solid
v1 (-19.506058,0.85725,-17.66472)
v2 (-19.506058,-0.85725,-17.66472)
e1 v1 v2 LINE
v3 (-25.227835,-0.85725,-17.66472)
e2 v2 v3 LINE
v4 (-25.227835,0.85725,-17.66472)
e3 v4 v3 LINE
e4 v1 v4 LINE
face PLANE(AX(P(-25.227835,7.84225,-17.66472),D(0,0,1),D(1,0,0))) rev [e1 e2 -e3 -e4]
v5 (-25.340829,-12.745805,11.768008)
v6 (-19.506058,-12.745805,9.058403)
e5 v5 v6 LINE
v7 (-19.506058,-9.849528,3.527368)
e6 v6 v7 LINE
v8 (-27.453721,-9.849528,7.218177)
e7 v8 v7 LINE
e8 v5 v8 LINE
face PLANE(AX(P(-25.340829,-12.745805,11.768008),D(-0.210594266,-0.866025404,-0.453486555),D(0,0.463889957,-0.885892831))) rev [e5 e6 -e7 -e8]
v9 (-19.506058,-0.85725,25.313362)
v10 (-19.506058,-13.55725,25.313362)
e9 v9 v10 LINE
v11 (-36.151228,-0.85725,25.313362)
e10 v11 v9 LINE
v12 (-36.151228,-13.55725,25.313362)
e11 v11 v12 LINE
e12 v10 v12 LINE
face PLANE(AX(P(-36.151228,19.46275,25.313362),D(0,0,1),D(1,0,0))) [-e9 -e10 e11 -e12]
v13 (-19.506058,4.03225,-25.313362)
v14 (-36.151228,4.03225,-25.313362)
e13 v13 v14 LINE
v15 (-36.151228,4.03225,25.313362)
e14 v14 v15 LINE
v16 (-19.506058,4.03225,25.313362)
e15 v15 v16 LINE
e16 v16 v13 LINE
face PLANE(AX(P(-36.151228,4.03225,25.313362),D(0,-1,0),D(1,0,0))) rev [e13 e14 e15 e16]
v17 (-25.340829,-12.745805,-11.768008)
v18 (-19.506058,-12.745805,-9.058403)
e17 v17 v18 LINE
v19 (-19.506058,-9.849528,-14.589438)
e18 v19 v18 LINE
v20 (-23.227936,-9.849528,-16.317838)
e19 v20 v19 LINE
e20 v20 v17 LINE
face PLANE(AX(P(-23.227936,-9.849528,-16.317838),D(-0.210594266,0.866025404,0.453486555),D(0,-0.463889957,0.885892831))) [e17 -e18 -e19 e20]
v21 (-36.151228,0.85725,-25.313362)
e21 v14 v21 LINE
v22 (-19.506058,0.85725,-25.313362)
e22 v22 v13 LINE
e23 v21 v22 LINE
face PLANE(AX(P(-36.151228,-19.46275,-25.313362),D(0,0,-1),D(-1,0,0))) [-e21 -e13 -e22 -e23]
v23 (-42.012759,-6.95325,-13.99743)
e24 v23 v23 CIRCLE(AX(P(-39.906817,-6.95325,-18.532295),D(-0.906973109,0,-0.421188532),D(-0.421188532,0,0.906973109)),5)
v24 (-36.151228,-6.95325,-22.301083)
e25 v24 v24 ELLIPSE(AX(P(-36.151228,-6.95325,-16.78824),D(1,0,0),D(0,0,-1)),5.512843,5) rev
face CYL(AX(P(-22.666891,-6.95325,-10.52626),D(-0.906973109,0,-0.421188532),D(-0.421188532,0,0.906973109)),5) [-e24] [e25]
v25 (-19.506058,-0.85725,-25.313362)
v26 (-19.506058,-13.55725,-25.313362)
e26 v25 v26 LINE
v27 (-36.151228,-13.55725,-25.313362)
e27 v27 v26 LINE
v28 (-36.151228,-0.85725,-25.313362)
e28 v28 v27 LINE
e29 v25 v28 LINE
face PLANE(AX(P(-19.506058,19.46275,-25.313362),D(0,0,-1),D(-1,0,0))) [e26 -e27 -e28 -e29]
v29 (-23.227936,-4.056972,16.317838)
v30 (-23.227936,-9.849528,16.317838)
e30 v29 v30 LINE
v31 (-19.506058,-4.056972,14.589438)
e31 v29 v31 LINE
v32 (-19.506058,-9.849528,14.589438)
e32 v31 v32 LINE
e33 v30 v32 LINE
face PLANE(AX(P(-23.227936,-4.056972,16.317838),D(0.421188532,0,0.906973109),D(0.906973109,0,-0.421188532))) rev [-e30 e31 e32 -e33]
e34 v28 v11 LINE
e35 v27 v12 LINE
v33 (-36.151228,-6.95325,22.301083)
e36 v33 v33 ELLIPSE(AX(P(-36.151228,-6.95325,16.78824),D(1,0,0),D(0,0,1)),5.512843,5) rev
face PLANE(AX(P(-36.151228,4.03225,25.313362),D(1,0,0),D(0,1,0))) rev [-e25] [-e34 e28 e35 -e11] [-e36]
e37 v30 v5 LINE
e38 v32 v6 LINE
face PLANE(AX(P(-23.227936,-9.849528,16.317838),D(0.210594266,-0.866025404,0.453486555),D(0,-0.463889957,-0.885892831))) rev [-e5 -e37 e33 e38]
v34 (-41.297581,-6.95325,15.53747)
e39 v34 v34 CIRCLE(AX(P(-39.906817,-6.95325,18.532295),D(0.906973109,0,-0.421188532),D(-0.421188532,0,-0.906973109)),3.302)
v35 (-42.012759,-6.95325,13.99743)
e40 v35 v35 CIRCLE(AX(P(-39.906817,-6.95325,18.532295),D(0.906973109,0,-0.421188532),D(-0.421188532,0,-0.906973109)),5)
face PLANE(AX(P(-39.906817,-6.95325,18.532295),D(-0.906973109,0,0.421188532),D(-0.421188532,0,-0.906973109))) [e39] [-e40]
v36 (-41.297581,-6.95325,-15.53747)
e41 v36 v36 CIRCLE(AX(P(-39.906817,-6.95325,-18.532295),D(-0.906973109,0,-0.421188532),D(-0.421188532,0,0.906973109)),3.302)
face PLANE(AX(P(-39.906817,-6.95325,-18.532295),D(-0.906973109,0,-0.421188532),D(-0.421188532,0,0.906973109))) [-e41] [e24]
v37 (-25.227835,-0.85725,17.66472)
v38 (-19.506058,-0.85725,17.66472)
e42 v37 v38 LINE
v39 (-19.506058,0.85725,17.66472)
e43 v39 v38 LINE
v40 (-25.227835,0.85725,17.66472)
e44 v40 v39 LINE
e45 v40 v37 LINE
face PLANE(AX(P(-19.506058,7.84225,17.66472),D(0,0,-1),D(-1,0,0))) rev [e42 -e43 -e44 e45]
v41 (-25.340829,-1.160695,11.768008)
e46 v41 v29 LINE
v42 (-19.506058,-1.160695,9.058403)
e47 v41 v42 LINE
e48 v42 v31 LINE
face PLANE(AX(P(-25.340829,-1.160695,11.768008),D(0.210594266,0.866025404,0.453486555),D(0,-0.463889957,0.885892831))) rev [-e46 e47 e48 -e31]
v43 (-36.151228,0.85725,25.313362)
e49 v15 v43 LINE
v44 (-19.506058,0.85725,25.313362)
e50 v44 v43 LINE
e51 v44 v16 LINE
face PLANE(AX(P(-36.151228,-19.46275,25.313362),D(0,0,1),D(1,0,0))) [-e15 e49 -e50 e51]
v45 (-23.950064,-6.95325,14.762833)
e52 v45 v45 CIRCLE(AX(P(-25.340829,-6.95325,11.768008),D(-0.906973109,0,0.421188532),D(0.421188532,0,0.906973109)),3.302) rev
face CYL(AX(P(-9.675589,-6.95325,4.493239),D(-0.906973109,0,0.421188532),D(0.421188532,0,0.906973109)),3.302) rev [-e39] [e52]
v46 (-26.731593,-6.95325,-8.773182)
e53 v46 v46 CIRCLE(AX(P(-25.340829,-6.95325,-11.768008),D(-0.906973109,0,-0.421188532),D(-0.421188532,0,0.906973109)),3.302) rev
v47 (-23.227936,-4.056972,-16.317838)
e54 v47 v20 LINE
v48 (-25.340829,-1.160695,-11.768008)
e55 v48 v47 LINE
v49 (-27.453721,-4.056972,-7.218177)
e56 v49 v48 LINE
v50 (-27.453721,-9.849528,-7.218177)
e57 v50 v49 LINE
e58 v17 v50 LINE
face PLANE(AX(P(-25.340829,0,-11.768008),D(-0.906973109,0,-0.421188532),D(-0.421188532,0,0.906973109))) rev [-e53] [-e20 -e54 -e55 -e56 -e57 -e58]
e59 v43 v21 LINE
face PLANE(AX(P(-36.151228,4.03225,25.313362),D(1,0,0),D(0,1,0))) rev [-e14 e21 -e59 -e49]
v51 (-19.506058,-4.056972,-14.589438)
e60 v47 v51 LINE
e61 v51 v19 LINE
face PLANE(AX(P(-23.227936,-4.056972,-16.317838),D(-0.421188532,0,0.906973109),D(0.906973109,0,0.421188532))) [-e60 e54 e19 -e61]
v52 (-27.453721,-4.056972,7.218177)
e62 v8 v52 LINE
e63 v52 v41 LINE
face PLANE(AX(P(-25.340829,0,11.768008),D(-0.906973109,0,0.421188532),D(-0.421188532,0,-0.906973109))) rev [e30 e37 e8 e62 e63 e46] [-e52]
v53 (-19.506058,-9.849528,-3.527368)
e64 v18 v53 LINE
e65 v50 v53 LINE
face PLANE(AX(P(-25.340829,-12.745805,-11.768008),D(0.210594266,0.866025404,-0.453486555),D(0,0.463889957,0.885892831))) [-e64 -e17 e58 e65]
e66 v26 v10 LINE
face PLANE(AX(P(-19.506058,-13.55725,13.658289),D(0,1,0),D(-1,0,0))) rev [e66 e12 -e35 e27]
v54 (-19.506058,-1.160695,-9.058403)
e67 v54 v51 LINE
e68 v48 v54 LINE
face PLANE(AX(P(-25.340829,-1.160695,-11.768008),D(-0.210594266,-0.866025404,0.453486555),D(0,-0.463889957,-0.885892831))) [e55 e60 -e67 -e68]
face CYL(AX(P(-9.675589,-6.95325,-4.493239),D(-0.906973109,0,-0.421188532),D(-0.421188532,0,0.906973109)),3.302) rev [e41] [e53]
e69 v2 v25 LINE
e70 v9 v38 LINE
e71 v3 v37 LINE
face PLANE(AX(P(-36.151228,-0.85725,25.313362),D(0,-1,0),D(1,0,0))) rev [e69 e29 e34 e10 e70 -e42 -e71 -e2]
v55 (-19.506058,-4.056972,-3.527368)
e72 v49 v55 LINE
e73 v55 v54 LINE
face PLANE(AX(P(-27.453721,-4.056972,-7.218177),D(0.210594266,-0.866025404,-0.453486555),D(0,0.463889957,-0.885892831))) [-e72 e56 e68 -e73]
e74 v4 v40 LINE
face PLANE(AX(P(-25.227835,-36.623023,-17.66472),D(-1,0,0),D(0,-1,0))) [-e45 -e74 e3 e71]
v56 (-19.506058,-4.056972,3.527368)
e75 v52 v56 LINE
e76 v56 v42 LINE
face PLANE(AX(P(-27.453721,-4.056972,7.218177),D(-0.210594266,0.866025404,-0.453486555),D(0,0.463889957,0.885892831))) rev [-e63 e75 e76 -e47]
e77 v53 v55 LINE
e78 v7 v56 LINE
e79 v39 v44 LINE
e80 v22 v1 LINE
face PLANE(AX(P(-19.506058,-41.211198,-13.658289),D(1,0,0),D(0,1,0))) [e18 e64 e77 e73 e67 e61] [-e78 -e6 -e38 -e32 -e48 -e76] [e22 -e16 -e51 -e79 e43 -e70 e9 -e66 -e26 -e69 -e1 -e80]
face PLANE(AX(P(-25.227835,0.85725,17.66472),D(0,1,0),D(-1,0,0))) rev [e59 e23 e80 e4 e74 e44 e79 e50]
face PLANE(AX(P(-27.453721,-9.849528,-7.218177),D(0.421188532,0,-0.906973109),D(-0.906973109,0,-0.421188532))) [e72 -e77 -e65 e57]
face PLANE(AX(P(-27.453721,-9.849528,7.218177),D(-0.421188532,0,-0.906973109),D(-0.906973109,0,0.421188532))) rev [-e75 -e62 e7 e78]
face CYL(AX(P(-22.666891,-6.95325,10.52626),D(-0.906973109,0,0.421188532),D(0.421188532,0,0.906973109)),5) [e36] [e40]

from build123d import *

# Parameters (mm, degrees)
REVOLVE1_ANGLE       = 70
BOSS_EXTRUDE1_START  = -17.5895
BOSS_EXTRUDE1_DEPTH  = 17.5895
BOSS_EXTRUDE2_DEPTH  = 3.175
BOSS_EXTRUDE3_DEPTH  = 12.7
CUT_SWEEP1_PROFILE_R = 3.302
CUT_EXTRUDE7_DEPTH   = 27.94
BOSS_EXTRUDE4_REACH  = 54.438
CUT_EXTRUDE8_DEPTH   = 1.7145
CUT_EXTRUDE9_DEPTH   = 54.83153704
BOSS_EXTRUDE5_REACH  = 52.224
SKETCH45_R           = 5
SKETCH45_R_2         = 3.302


with BuildPart() as part:
    # Sketch3 → Revolve1 (revolve, symmetric)
    with BuildSketch(Plane.XY) as revolve1_sk:
        Polygon((-44.1325, 4.03225), (-23.8125, 4.03225), (-23.8125, -13.55725), (-44.1325, -13.55725), (-44.1325, -0.85725), (-30.7975, -0.85725), (-30.7975, 0.85725), (-44.1325, 0.85725), align=None)
    revolve(axis=Axis((0, -1086.549659172, 0), (0, 1, 0)), revolution_arc=REVOLVE1_ANGLE / 2)
    revolve(revolve1_sk.sketch, axis=Axis((0, -1086.549659172, 0), (0, -1, 0)), revolution_arc=REVOLVE1_ANGLE / 2)

    # Sketch10 → Boss-Extrude1 (add)
    with BuildSketch(Plane(origin=(0, 4.03225, 0), x_dir=(1, 0, 0), z_dir=(0, 1, 0)).offset(BOSS_EXTRUDE1_START)):
        with BuildLine():
            Line((-19.506058055, 13.658288891), (-19.506058055, -13.658288891))
            ThreePointArc((-19.506058055, -13.658288891), (-23.8125, 0), (-19.506058055, 13.658288891))
        make_face()
    extrude(amount=BOSS_EXTRUDE1_DEPTH)

    # Sketch11 → Boss-Extrude2 (add)
    with BuildSketch(Plane(origin=(0, 4.03225, 0), x_dir=(1, 0, 0), z_dir=(0, 1, 0))):
        Polygon((-36.151227595, 25.313362077), (-19.506058055, 25.313362077), (-19.506058055, 13.658288891), align=None)
        Polygon((-36.151227595, -25.313362077), (-19.506058055, -25.313362077), (-19.506058055, -13.658288891), align=None)
    extrude(amount=-BOSS_EXTRUDE2_DEPTH)

    # Sketch12 → Boss-Extrude3 (add)
    with BuildSketch(Plane.XZ.offset(13.55725)):
        Polygon((-36.151227595, 25.313362077), (-19.506058055, 25.313362077), (-19.506058055, 13.658288891), align=None)
        Polygon((-36.151227595, -25.313362077), (-19.506058055, -13.658288891), (-19.506058055, -25.313362077), align=None)
    extrude(amount=-BOSS_EXTRUDE3_DEPTH)

    # Cut-Sweep1: sweep along a path in Sketch14
    with BuildLine(Plane(origin=(0, -6.95325, 0), x_dir=(-1, 0, 0), z_dir=(0, -1, 0))) as cut_sweep1_path:
        Line((9.675589129, 4.493239256), (40.02699074, 18.588102876))
    # Cut-Sweep1 profile (on start of the path) → Cut-Sweep1 (sweep, cut)
    with BuildSketch(Plane(origin=(-9.675589129, -6.95325, -4.493239256), x_dir=(0.421188531725906, 0, -0.9069731091617742), z_dir=(-0.9069731091617742, -3.1111435997184875e-15, -0.421188531725906))):
        Circle(CUT_SWEEP1_PROFILE_R)
    cut_sweep1 = sweep(path=cut_sweep1_path.line, mode=Mode.SUBTRACT)

    # Mirror1: Cut-Sweep1 across plane
    add(cut_sweep1.mirror(Plane.XY), mode=Mode.SUBTRACT)

    # Sketch37 → Cut-Extrude7 (cut)
    with BuildSketch(Plane(origin=(0, 0, 0), x_dir=(-0.42118853172590587, -1.4445522614505264e-15, 0.9069731091617743), z_dir=(-0.9069731091617742, -3.103462646485123e-15, -0.4211885317259058))):
        Polygon((-5.0165, -4.056972375), (-5.0165, -9.849527625), (0, -12.745805251), (5.0165, -9.849527625), (5.0165, -4.056972375), (0, -1.160694749), align=None)
    cut_extrude7 = extrude(amount=CUT_EXTRUDE7_DEPTH, mode=Mode.SUBTRACT)

    # Mirror2: Cut-Extrude7 across plane
    add(cut_extrude7.mirror(Plane.XY), mode=Mode.SUBTRACT)

    # Sketch38 → Boss-Extrude4 (add, up to next)
    with BuildSketch(Plane(origin=(0, -0.85725, 0), x_dir=(1, 0, 0), z_dir=(0, 1, 0)), mode=Mode.PRIVATE) as boss_extrude4_sk1:
        Polygon((-25.227835084, 17.664720299), (-19.506058055, 17.664720299), (-19.506058055, 13.658288891), align=None)
    boss_extrude4_tool1 = extrude(boss_extrude4_sk1.sketch, amount=BOSS_EXTRUDE4_REACH, mode=Mode.PRIVATE) - part.part
    # Sketch38 → Boss-Extrude4 (add, up to next)
    with BuildSketch(Plane(origin=(0, -0.85725, 0), x_dir=(1, 0, 0), z_dir=(0, 1, 0)), mode=Mode.PRIVATE) as boss_extrude4_sk2:
        Polygon((-25.227835084, -17.664720299), (-19.506058055, -13.658288891), (-19.506058055, -17.664720299), align=None)
    boss_extrude4_tool2 = extrude(boss_extrude4_sk2.sketch, amount=BOSS_EXTRUDE4_REACH, mode=Mode.PRIVATE) - part.part
    add(boss_extrude4_tool1.solids().sort_by_distance((-21.413317, -0.85725, -16.329243))[0])
    add(boss_extrude4_tool2.solids().sort_by_distance((-21.413317, -0.85725, 16.329243))[0])

    # Sketch39 → Cut-Extrude8 (cut)
    with BuildSketch(Plane.XZ.offset(-0.85725)):
        with BuildLine():
            Line((-25.227835084, -17.664720299), (-25.227835084, 17.664720299))
            ThreePointArc((-25.227835084, 17.664720299), (-30.7975, 0), (-25.227835084, -17.664720299))
        make_face()
    extrude(amount=CUT_EXTRUDE8_DEPTH, mode=Mode.SUBTRACT)

    # Sketch44 → Cut-Extrude9 (cut, through all)
    with BuildSketch(Plane.XZ.offset(13.55725)):
        with BuildLine():
            Line((-36.151227595, 25.313362077), (-36.151227595, -25.313362077))
            ThreePointArc((-36.151227595, -25.313362077), (-44.1325, 0), (-36.151227595, 25.313362077))
        make_face()
    extrude(amount=-CUT_EXTRUDE9_DEPTH, mode=Mode.SUBTRACT)

    # Boss-Extrude5: up to this plane
    boss_extrude5_end = Plane(origin=(-36.151227595, 4.03225, 25.313362077), z_dir=(1, 0, 0))
    # Sketch45 → Boss-Extrude5 (add, up to the surface)
    with BuildSketch(Plane(origin=(-39.906816803, 0, -18.532295396), x_dir=(-0.42118853172590587, -1.4445522614505264e-15, 0.9069731091617743), z_dir=(-0.9069731091617742, -3.103462646485123e-15, -0.4211885317259058)), mode=Mode.PRIVATE) as boss_extrude5_sk1:
        with Locations((0, -6.95325)):
            Circle(SKETCH45_R)
        with Locations((0, -6.95325)):
            Circle(SKETCH45_R_2, mode=Mode.SUBTRACT)
    boss_extrude5_tool1 = split(extrude(boss_extrude5_sk1.sketch, amount=-BOSS_EXTRUDE5_REACH, mode=Mode.PRIVATE), bisect_by=boss_extrude5_end, keep=Keep.BOTH, mode=Mode.PRIVATE)
    boss_extrude5 = boss_extrude5_tool1.solids().sort_by_distance((-37.860439, -6.95325, -22.938896))[0]
    add(boss_extrude5)

    # Mirror3: Boss-Extrude5 across plane
    add(boss_extrude5.mirror(Plane.XY))


solid = part.part
